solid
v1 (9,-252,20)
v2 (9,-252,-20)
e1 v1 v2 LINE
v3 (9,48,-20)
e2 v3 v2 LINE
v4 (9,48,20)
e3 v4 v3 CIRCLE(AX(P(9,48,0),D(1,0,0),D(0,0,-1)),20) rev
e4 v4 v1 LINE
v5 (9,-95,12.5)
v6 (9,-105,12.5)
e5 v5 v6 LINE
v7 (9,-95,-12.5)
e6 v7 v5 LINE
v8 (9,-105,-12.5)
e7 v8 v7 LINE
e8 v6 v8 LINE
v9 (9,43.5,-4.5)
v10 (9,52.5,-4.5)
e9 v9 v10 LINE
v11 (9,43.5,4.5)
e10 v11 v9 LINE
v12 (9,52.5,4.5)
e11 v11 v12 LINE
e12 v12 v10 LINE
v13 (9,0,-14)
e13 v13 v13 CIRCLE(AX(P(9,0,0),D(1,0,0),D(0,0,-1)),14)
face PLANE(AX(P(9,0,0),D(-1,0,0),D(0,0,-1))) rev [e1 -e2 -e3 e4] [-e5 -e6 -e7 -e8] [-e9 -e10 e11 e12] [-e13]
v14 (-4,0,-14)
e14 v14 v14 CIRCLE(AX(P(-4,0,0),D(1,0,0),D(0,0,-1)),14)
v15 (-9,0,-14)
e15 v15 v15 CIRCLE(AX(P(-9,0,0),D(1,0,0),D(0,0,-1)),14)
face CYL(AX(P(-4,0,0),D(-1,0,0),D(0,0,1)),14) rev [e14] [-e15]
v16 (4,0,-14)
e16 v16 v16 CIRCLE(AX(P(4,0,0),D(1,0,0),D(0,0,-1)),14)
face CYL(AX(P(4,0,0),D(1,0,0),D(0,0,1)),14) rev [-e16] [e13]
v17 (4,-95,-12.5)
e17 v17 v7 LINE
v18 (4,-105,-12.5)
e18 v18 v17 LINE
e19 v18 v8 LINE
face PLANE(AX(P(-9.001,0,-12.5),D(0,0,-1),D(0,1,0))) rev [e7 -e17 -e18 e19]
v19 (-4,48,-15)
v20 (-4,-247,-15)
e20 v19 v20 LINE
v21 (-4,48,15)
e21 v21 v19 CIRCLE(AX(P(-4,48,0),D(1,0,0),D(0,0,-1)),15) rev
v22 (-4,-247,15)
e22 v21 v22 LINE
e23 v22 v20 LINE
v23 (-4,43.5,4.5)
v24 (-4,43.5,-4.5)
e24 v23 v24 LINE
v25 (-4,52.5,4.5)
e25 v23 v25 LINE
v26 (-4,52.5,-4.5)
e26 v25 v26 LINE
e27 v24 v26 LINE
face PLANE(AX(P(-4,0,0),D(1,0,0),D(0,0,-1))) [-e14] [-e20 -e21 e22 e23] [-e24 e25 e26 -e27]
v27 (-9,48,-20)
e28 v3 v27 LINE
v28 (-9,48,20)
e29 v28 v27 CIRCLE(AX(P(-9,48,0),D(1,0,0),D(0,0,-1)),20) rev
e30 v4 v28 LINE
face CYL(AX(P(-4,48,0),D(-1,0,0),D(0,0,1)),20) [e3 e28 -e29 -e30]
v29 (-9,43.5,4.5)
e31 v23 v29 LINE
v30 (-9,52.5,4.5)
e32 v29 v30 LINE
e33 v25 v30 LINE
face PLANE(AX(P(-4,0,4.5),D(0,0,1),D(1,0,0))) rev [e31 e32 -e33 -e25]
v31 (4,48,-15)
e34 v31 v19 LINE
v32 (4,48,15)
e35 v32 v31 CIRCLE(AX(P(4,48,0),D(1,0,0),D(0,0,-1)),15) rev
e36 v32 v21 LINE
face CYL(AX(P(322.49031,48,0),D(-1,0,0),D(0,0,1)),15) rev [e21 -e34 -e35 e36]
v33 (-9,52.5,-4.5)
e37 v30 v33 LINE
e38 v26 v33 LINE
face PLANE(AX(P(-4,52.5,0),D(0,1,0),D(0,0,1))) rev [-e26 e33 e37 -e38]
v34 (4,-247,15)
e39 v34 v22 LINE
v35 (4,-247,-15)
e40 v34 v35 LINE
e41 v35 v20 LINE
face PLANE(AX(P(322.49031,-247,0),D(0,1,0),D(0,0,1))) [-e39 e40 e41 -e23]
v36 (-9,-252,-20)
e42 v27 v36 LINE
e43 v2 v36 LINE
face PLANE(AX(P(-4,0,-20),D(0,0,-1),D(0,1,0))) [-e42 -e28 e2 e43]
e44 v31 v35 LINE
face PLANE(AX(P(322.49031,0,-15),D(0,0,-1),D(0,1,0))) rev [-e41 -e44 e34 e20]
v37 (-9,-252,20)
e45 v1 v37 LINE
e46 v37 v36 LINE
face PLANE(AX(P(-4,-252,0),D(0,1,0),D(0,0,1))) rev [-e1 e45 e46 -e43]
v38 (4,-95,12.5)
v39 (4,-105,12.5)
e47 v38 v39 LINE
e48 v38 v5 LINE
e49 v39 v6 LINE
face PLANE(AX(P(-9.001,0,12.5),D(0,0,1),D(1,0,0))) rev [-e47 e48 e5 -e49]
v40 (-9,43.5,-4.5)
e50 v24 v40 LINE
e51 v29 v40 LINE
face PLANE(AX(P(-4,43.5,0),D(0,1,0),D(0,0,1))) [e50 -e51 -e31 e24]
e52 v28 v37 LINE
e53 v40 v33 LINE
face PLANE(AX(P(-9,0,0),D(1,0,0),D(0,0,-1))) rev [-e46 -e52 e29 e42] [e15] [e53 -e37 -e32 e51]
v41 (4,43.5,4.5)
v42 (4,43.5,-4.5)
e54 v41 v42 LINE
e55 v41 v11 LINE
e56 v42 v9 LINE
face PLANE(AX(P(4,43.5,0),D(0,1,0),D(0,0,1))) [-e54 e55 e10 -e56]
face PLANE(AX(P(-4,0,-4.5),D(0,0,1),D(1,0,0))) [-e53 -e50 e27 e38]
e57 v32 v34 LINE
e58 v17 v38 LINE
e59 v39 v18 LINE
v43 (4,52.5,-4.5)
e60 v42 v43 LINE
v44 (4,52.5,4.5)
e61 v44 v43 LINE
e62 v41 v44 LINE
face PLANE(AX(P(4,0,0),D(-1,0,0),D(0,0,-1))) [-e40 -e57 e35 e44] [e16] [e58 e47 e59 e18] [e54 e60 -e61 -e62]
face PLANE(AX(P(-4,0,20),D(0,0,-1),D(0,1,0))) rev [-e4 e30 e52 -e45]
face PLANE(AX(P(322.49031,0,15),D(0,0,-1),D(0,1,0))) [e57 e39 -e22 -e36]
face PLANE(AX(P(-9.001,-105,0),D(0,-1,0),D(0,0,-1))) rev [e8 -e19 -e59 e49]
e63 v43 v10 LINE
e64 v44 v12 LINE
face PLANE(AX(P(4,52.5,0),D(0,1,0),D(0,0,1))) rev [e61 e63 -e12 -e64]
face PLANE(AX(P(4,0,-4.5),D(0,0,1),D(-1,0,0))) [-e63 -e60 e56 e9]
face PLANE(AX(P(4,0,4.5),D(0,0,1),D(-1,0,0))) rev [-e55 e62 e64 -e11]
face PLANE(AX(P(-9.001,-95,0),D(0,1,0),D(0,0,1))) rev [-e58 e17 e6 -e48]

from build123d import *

# Parameters (mm, degrees)
BOSS_EXTRUDE1_START = -9
SKETCH2_R           = 14
SKETCH2_W           = 9
SKETCH2_H           = 9
BOSS_EXTRUDE1_DEPTH = 5
BOSS_EXTRUDE2_START = -4
BOSS_EXTRUDE2_DEPTH = 4
CUT_EXTRUDE1_START  = 9
SKETCH4_W           = 25
SKETCH4_H           = 10
CUT_EXTRUDE1_DEPTH  = 13


with BuildPart() as part:
    # Sketch2 → Boss-Extrude1 (new body)
    with BuildSketch(Plane(origin=(0, 0, 0), x_dir=(0, 0, -1), z_dir=(1, 0, 0)).offset(BOSS_EXTRUDE1_START)):
        with BuildLine():
            Line((-20, 48), (-20, -252))
            Line((-20, -252), (20, -252))
            Line((20, -252), (20, 48))
            ThreePointArc((20, 48), (0, 68), (-20, 48))
        make_face()
        Circle(SKETCH2_R, mode=Mode.SUBTRACT)
        with Locations((0, 48)):
            Rectangle(SKETCH2_W, SKETCH2_H, mode=Mode.SUBTRACT)
    extrude(amount=BOSS_EXTRUDE1_DEPTH)

    # Sketch2<6> → Boss-Extrude2 (add)
    with BuildSketch(Plane(origin=(0, 0, 0), x_dir=(0, 0, -1), z_dir=(1, 0, 0)).offset(BOSS_EXTRUDE2_START)):
        with BuildLine():
            Line((-20, 48), (-20, -252))
            Line((-20, -252), (20, -252))
            Line((20, -252), (20, 48))
            ThreePointArc((20, 48), (0, 68), (-20, 48))
        make_face()
        with BuildLine():
            Line((15, 48), (15, -247))
            Line((15, -247), (-15, -247))
            Line((-15, -247), (-15, 48))
            ThreePointArc((-15, 48), (0, 63), (15, 48))
        make_face(mode=Mode.SUBTRACT)
    extrude(amount=BOSS_EXTRUDE2_DEPTH)

    # Mirror1: part across plane


with BuildPart() as part_1:
    add(part.part)
    add(part.part.mirror(Plane(origin=(0, 0, 0), x_dir=(0, 0, 1), z_dir=(1, 0, 0))))

    # Sketch4 → Cut-Extrude1 (cut)
    with BuildSketch(Plane(origin=(0, 0, 0), x_dir=(0, 0, -1), z_dir=(1, 0, 0)).offset(CUT_EXTRUDE1_START)):
        with Locations((0, -100)):
            Rectangle(SKETCH4_W, SKETCH4_H)
    extrude(amount=-CUT_EXTRUDE1_DEPTH, mode=Mode.SUBTRACT)


solid = part_1.part
